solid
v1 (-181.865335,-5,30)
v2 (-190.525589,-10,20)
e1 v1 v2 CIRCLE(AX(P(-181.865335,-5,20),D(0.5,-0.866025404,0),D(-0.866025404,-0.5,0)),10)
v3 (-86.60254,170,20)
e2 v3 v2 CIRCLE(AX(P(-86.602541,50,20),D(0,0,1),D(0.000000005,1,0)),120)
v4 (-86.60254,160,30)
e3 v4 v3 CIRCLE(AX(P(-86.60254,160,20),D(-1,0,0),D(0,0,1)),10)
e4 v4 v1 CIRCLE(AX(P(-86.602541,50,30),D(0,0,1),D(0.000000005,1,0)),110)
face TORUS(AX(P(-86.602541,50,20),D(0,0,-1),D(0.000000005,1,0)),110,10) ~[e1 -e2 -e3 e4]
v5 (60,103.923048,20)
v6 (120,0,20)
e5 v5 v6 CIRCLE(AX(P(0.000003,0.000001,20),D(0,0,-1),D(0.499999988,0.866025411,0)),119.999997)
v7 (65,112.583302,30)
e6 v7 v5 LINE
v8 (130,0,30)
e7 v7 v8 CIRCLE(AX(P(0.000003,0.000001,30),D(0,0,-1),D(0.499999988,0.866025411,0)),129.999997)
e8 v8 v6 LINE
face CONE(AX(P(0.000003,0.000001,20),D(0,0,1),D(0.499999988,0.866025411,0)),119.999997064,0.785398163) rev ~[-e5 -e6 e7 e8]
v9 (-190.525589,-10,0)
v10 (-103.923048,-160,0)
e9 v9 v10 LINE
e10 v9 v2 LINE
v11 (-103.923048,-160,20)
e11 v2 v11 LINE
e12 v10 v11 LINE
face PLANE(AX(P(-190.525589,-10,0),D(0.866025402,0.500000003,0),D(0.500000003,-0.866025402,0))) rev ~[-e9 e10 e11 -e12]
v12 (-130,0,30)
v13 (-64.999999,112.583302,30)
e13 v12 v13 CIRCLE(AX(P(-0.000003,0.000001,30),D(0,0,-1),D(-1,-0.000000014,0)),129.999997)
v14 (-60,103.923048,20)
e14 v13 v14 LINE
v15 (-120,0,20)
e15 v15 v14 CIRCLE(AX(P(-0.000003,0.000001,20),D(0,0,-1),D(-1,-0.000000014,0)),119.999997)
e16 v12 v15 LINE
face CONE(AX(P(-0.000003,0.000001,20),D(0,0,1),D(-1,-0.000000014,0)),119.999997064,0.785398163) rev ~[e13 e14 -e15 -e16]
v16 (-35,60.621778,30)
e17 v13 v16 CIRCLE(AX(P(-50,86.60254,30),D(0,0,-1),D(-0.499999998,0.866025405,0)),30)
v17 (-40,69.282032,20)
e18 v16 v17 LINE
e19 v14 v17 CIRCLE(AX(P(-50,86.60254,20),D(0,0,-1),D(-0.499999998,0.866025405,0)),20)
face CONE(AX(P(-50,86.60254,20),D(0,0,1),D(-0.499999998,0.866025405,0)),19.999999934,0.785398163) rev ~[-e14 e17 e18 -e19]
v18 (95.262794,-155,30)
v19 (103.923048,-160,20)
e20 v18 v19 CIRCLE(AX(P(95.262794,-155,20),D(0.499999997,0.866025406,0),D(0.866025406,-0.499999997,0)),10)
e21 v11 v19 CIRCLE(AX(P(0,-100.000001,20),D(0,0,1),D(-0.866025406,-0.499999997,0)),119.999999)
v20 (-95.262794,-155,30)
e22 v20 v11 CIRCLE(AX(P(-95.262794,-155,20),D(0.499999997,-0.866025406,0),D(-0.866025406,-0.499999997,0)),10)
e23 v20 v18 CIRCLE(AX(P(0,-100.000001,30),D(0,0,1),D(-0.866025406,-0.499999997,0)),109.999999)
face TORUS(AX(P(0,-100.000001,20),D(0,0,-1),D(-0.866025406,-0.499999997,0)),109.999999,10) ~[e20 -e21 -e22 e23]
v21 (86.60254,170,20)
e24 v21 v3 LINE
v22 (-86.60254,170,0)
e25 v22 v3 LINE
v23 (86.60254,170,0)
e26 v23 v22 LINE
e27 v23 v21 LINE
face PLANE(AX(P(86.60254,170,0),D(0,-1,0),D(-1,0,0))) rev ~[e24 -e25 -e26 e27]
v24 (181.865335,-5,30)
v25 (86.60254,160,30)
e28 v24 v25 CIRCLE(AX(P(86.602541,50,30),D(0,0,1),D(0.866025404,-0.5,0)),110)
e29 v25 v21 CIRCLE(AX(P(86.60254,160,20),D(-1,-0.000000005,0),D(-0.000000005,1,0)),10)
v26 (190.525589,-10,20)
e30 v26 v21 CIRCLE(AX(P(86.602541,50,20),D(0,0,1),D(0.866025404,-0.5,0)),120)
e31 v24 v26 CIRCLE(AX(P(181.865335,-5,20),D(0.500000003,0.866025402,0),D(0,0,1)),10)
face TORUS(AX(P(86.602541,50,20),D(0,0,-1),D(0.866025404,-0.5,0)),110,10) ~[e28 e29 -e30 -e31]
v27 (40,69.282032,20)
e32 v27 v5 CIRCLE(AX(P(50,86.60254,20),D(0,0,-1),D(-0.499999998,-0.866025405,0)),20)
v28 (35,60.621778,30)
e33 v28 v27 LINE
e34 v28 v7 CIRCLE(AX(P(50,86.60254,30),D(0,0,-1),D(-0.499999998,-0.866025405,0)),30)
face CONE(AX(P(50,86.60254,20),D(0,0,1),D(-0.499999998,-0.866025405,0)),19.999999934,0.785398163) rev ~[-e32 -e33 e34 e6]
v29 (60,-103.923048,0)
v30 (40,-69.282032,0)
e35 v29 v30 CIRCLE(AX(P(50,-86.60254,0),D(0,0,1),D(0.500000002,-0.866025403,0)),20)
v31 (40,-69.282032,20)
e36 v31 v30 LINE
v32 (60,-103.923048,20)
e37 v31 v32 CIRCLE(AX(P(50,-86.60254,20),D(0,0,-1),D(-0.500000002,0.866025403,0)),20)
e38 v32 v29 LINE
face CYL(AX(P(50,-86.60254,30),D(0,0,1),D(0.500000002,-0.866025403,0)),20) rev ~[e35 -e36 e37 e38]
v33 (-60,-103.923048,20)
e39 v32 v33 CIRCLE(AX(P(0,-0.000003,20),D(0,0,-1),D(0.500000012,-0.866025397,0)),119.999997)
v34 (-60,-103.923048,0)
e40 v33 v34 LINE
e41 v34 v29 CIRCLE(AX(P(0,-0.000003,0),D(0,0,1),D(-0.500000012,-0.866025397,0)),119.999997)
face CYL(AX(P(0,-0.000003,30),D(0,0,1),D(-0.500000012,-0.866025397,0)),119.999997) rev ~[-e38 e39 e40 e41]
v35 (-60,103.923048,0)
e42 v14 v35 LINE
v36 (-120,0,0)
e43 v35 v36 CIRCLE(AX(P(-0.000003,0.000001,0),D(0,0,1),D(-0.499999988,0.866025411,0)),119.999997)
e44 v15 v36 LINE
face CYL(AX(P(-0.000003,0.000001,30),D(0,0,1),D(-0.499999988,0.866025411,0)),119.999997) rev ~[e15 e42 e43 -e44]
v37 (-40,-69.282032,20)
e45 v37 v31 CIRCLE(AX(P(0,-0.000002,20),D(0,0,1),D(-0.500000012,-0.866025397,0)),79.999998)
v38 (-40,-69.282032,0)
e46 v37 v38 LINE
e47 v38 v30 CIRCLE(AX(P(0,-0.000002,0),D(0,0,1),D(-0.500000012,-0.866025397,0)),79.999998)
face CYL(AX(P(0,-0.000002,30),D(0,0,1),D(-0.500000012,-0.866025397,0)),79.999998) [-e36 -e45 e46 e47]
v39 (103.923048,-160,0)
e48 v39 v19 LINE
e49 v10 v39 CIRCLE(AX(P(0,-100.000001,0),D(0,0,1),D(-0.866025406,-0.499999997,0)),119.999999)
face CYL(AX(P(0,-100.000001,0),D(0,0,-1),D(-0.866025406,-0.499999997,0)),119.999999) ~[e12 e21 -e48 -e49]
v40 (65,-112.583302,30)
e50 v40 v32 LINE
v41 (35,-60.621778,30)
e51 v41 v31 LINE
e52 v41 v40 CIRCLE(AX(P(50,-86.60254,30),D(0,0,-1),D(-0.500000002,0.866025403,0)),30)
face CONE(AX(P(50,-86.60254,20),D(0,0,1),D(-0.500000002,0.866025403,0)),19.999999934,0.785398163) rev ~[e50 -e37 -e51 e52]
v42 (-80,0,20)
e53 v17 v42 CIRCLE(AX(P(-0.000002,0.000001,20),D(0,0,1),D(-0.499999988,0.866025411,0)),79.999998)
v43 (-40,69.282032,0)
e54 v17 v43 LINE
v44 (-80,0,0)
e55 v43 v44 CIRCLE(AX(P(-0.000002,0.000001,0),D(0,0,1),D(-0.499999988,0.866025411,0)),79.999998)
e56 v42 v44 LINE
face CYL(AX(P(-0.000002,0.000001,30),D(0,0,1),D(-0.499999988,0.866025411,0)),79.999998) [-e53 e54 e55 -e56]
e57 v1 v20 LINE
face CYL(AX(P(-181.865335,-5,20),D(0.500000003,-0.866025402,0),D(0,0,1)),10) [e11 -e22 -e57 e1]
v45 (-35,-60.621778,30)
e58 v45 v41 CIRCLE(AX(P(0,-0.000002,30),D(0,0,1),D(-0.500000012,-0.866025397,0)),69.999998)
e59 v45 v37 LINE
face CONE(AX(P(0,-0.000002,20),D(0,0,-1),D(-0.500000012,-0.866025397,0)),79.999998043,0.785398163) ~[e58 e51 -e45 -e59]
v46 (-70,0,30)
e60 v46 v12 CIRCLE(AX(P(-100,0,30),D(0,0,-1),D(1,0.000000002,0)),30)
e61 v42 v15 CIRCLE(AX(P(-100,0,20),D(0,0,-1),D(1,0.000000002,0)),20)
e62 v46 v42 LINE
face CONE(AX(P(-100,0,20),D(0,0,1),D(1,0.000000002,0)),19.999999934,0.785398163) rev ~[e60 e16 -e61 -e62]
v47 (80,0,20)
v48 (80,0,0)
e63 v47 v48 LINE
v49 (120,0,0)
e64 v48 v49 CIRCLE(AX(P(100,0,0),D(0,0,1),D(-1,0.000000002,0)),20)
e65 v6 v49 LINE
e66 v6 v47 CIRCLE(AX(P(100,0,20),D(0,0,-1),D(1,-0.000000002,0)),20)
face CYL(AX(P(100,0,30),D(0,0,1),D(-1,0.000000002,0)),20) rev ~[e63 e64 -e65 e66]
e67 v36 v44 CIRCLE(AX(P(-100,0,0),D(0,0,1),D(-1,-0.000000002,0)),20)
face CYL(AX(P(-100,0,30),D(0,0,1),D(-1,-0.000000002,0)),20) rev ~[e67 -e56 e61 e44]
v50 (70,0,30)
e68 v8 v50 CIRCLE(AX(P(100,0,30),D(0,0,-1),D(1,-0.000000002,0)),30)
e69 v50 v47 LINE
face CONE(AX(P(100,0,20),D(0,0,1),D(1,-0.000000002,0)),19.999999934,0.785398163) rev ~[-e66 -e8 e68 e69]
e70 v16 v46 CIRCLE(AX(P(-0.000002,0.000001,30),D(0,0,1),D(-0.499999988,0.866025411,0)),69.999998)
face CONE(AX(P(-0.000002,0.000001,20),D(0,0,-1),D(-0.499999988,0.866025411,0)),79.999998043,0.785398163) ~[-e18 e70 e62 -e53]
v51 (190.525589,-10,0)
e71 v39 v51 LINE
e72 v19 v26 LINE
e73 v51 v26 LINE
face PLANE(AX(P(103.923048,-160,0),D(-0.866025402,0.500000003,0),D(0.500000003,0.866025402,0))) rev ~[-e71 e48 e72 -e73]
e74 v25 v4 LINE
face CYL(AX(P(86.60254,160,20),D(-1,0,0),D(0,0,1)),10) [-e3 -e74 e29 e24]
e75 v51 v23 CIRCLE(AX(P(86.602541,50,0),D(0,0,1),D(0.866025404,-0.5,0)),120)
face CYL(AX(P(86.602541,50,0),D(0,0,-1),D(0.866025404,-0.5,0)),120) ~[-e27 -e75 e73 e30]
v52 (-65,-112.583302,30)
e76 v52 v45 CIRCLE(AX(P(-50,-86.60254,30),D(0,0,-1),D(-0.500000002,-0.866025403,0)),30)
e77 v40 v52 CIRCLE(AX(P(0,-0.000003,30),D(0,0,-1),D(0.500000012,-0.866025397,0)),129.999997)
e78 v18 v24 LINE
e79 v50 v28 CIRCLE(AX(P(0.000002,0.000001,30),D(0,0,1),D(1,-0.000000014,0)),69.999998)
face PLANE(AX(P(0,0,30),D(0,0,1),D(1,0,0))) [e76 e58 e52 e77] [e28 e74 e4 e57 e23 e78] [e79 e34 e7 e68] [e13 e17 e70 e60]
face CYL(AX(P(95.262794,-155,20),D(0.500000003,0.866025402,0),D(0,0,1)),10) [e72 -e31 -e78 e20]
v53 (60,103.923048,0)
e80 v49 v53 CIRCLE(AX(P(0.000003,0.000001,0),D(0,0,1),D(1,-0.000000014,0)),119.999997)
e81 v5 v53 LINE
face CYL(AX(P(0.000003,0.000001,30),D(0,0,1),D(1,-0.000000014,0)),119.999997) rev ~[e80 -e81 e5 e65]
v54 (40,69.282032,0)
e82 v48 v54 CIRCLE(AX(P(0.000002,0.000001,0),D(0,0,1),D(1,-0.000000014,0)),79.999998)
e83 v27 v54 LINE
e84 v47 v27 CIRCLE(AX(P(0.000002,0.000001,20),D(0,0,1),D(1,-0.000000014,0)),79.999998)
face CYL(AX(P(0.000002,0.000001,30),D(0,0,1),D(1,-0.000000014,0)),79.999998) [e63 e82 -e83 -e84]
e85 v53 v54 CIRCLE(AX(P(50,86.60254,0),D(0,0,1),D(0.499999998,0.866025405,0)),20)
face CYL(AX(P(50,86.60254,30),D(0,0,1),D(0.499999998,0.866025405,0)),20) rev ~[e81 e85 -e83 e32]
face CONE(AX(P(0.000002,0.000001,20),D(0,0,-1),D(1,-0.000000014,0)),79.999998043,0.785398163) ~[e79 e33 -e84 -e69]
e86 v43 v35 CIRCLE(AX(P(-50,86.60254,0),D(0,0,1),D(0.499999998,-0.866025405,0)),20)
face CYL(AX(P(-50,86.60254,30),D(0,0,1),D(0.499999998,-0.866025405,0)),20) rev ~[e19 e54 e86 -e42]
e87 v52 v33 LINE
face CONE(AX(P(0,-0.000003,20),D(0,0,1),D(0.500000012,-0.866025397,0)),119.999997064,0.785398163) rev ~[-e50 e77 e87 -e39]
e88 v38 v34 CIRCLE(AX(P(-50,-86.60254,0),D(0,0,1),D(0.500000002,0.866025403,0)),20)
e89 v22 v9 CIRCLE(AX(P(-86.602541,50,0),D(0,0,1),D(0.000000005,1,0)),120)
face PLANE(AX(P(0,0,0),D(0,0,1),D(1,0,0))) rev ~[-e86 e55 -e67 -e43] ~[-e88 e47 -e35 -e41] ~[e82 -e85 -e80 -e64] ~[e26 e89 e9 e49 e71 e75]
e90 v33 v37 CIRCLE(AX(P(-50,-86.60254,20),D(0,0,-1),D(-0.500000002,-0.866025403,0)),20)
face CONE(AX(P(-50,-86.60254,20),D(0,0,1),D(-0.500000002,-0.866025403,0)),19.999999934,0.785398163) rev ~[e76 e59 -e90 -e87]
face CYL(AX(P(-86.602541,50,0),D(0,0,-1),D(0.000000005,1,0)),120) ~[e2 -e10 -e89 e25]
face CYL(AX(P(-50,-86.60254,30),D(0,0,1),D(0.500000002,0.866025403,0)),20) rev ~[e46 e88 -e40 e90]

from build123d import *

# Parameters (mm, degrees)
PAD_DEPTH          = 30
POCKET_DEPTH       = 1167.961349
POLARPATTERN_COUNT = 3
CHAMFER_SIZE       = 10
FILLET_R           = 10


with BuildPart() as part:
    # Sketch → Pad (new body)
    with BuildSketch(Plane.XY):
        with BuildLine():
            Line((103.923048, -160), (190.525589, -10))
            ThreePointArc((190.525589, -10), (190.525589, 110), (86.60254, 170))
            Line((86.60254, 170), (-86.60254, 170))
            ThreePointArc((-86.60254, 170), (-190.525589, 110), (-190.525589, -10))
            Line((-190.525589, -10), (-103.923048, -160))
            ThreePointArc((-103.923048, -160), (0, -220), (103.923048, -160))
        make_face()
    extrude(amount=PAD_DEPTH)

    # Sketch001 (on Face8 of Pad) → Pocket (cut, through all)
    with BuildSketch(Plane.XY.offset(30)):
        with BuildLine():
            ThreePointArc((-40, -69.282032), (-67.320508, -76.60254), (-60, -103.923048))
            ThreePointArc((-60, -103.923048), (0, -120), (60, -103.923048))
            ThreePointArc((60, -103.923048), (67.320508, -76.60254), (40, -69.282032))
            ThreePointArc((-40, -69.282032), (0, -80), (40, -69.282032))
        make_face()
    pocket = extrude(amount=-POCKET_DEPTH, mode=Mode.SUBTRACT)

    # PolarPattern: Pocket ×3 about axis
    polarpattern_axis = Axis((0, 0, 30), (0, 0, 1))
    for i in range(1, POLARPATTERN_COUNT):
        add(pocket.rotate(polarpattern_axis, i * 360 / POLARPATTERN_COUNT), mode=Mode.SUBTRACT)

    # Chamfer
    chamfer_edges = [part.edges().sort_by_distance(p)[0] for p in [
        (69.282032, 40, 30),
        (0, -80, 30),
        (-69.282032, 40, 30),
    ]]
    chamfer(chamfer_edges, length=CHAMFER_SIZE)

    # Fillet
    fillet_edges = [part.edges().sort_by_distance(p)[0] for p in [
        (0, -220, 30),
    ]]
    fillet(fillet_edges, radius=FILLET_R)


solid = part.part
